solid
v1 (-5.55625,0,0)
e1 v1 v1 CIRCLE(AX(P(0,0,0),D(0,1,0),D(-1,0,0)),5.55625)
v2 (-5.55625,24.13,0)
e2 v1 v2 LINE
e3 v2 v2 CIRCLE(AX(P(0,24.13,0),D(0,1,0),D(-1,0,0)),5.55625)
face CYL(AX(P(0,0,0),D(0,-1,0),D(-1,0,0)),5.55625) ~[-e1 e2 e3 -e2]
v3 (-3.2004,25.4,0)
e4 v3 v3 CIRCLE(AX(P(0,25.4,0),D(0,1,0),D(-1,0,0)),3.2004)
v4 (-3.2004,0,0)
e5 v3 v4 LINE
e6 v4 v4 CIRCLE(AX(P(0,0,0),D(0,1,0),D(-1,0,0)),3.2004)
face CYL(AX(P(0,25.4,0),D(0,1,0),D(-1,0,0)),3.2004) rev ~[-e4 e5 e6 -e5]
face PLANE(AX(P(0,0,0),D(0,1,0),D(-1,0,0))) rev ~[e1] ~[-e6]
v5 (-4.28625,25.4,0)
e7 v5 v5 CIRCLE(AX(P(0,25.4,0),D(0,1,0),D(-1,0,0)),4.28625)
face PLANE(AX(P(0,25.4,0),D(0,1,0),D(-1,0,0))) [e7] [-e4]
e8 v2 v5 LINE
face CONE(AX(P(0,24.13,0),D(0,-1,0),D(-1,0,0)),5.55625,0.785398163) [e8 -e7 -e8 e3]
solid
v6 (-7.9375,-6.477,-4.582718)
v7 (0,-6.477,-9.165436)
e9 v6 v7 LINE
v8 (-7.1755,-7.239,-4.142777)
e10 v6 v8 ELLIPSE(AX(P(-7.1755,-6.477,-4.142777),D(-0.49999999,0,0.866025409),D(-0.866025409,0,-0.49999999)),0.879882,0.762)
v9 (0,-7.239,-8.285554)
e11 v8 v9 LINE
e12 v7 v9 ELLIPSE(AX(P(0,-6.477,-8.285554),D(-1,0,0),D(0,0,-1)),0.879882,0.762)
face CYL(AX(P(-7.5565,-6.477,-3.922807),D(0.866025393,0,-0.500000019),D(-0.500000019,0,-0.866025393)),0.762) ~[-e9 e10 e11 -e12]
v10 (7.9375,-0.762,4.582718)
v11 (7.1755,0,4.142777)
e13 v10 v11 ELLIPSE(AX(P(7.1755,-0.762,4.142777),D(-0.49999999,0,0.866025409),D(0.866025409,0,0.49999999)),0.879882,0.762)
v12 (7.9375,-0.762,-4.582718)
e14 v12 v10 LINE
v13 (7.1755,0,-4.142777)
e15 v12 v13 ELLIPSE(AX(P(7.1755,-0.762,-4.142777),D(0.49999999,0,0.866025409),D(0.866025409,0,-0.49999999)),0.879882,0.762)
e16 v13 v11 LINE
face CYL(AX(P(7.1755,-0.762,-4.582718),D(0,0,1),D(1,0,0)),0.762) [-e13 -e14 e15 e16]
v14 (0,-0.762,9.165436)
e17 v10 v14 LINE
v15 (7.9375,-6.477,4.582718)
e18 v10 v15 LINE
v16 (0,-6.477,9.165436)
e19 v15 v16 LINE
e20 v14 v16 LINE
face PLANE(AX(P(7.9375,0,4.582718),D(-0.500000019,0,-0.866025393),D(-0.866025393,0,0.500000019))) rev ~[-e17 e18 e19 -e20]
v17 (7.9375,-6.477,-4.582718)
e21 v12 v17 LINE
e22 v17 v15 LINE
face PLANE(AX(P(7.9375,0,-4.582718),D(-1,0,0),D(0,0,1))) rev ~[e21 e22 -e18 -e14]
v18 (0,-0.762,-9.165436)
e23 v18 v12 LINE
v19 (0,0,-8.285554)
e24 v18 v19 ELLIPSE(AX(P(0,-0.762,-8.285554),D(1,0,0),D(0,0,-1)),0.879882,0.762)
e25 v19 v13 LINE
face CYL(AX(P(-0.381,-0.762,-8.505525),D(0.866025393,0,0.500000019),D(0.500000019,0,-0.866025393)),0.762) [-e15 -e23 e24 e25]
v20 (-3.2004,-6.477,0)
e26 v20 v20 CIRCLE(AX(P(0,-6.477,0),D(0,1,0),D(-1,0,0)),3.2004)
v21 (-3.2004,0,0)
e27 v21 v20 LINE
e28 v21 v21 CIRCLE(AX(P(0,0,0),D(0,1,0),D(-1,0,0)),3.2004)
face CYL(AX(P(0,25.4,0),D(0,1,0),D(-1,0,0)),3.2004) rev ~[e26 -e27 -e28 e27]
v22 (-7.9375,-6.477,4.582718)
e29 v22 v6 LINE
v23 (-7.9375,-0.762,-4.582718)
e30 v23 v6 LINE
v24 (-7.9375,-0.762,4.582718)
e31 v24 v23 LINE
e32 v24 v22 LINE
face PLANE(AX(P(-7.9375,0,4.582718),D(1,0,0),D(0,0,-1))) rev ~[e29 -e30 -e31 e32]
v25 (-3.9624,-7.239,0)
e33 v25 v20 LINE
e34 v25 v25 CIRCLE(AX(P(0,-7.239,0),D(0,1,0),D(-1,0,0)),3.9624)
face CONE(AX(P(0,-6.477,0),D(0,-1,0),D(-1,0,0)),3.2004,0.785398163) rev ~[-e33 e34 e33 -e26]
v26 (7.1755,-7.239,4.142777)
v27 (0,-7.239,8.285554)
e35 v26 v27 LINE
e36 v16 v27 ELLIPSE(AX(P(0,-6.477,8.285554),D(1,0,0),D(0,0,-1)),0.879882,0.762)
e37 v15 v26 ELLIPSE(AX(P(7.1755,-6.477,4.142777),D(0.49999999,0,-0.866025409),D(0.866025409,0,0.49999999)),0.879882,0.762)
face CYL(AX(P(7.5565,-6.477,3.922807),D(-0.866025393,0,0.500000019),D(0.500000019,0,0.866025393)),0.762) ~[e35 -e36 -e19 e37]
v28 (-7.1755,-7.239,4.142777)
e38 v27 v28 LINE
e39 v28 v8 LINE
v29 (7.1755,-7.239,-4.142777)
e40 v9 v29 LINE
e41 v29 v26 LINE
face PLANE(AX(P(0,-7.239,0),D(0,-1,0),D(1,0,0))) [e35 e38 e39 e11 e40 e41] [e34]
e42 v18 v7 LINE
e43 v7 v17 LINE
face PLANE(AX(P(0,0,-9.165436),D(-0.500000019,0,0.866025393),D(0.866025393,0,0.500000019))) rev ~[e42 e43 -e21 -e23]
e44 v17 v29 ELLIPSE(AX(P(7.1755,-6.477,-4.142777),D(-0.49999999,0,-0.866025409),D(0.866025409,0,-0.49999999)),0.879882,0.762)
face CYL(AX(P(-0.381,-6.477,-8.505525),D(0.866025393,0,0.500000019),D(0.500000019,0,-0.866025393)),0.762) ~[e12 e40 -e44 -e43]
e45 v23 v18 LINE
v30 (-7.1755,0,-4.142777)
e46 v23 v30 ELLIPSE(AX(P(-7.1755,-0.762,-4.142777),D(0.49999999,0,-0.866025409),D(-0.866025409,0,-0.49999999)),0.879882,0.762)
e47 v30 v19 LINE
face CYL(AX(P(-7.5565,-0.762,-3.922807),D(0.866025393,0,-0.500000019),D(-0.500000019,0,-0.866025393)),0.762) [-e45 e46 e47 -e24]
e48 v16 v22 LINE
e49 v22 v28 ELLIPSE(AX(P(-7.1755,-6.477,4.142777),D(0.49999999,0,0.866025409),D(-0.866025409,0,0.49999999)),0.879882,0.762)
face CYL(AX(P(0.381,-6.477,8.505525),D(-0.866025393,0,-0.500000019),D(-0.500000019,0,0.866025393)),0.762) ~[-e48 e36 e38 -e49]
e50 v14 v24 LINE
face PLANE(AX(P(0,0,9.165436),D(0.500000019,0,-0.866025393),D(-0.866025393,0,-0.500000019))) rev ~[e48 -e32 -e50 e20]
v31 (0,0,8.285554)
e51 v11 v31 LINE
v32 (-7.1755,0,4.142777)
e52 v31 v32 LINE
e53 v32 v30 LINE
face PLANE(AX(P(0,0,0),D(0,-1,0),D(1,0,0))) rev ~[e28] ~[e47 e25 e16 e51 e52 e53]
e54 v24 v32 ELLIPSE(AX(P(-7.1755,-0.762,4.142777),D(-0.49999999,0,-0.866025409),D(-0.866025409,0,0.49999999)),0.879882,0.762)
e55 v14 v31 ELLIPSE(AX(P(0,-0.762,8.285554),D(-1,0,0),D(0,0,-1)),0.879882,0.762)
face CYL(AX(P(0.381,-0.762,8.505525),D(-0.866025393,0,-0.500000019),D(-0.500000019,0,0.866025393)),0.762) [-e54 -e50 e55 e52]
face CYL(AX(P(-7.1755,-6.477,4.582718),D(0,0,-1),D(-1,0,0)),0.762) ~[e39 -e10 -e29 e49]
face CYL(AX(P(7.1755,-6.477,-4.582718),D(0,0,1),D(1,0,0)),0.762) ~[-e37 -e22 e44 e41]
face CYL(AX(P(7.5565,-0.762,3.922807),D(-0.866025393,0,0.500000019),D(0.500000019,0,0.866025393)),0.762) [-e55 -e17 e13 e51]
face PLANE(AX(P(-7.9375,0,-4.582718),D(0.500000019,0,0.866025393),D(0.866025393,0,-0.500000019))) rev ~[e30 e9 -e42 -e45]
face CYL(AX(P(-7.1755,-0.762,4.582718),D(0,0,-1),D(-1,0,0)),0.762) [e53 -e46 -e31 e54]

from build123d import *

# Parameters (mm, degrees)
F1_DEPTH = 7.239
F2_R     = 0.762
F3_R     = 5.55625
F4_DEPTH = 25.4
F5_SIZE  = 1.27
F6_R     = 3.2004
F7_DEPTH = 50.8
F8_SIZE  = 0.762


with BuildPart() as f1:
    # F0 (on Front) → F1 (new body)
    with BuildSketch(Plane.XZ):
        Polygon((-7.9375, 4.582718), (-7.9375, -4.582718), (0, -9.165436), (7.9375, -4.582718), (7.9375, 4.582718), (0, 9.165436), align=None)
    extrude(amount=F1_DEPTH)

    # F2
    f2_edges = [f1.edges().sort_by_distance(p)[0] for p in [
        (-3.96875, -7.239, 6.874077),
        (-7.9375, -7.239, 0),
        (-3.96875, -7.239, -6.874077),
        (3.96875, -7.239, -6.874077),
        (7.9375, -7.239, 0),
        (3.96875, -7.239, 6.874077),
        (-3.96875, 0, 6.874077),
        (-7.9375, 0, 0),
        (-3.96875, 0, -6.874077),
        (3.96875, 0, -6.874077),
        (7.9375, 0, 0),
        (3.96875, 0, 6.874077),
    ]]
    fillet(f2_edges, radius=F2_R)


with BuildPart() as f4:
    # F3 (on face) → F4 (new body)
    with BuildSketch(Plane(origin=(0, 0, 0), x_dir=(-1, 0, 0), z_dir=(0, 1, 0))):
        Circle(F3_R)
    extrude(amount=F4_DEPTH)

    # F5
    f5_edges = [f4.edges().sort_by_distance(p)[0] for p in [
        (5.55625, 25.4, 0),
    ]]
    chamfer(f5_edges, length=F5_SIZE)


with BuildPart() as f7_tool:
    # F6 (on face) → F7 (new body)
    with BuildSketch(Plane(origin=(0, 25.4, 0), x_dir=(-1, 0, 0), z_dir=(0, 1, 0))):
        Circle(F6_R)
    extrude(amount=-F7_DEPTH)


with BuildPart() as f1_1:
    add(f1.part)

    # F7: cut by f7_tool
    add(f7_tool.part, mode=Mode.SUBTRACT)

    # F8
    f8_edges = [f1_1.edges().sort_by_distance(p)[0] for p in [
        (3.2004, -7.239, 0),
    ]]
    chamfer(f8_edges, length=F8_SIZE)


with BuildPart() as f4_1:
    add(f4.part)

    # F7: cut by f7_tool
    add(f7_tool.part, mode=Mode.SUBTRACT)


solid = Compound([f1_1.part, f4_1.part])
